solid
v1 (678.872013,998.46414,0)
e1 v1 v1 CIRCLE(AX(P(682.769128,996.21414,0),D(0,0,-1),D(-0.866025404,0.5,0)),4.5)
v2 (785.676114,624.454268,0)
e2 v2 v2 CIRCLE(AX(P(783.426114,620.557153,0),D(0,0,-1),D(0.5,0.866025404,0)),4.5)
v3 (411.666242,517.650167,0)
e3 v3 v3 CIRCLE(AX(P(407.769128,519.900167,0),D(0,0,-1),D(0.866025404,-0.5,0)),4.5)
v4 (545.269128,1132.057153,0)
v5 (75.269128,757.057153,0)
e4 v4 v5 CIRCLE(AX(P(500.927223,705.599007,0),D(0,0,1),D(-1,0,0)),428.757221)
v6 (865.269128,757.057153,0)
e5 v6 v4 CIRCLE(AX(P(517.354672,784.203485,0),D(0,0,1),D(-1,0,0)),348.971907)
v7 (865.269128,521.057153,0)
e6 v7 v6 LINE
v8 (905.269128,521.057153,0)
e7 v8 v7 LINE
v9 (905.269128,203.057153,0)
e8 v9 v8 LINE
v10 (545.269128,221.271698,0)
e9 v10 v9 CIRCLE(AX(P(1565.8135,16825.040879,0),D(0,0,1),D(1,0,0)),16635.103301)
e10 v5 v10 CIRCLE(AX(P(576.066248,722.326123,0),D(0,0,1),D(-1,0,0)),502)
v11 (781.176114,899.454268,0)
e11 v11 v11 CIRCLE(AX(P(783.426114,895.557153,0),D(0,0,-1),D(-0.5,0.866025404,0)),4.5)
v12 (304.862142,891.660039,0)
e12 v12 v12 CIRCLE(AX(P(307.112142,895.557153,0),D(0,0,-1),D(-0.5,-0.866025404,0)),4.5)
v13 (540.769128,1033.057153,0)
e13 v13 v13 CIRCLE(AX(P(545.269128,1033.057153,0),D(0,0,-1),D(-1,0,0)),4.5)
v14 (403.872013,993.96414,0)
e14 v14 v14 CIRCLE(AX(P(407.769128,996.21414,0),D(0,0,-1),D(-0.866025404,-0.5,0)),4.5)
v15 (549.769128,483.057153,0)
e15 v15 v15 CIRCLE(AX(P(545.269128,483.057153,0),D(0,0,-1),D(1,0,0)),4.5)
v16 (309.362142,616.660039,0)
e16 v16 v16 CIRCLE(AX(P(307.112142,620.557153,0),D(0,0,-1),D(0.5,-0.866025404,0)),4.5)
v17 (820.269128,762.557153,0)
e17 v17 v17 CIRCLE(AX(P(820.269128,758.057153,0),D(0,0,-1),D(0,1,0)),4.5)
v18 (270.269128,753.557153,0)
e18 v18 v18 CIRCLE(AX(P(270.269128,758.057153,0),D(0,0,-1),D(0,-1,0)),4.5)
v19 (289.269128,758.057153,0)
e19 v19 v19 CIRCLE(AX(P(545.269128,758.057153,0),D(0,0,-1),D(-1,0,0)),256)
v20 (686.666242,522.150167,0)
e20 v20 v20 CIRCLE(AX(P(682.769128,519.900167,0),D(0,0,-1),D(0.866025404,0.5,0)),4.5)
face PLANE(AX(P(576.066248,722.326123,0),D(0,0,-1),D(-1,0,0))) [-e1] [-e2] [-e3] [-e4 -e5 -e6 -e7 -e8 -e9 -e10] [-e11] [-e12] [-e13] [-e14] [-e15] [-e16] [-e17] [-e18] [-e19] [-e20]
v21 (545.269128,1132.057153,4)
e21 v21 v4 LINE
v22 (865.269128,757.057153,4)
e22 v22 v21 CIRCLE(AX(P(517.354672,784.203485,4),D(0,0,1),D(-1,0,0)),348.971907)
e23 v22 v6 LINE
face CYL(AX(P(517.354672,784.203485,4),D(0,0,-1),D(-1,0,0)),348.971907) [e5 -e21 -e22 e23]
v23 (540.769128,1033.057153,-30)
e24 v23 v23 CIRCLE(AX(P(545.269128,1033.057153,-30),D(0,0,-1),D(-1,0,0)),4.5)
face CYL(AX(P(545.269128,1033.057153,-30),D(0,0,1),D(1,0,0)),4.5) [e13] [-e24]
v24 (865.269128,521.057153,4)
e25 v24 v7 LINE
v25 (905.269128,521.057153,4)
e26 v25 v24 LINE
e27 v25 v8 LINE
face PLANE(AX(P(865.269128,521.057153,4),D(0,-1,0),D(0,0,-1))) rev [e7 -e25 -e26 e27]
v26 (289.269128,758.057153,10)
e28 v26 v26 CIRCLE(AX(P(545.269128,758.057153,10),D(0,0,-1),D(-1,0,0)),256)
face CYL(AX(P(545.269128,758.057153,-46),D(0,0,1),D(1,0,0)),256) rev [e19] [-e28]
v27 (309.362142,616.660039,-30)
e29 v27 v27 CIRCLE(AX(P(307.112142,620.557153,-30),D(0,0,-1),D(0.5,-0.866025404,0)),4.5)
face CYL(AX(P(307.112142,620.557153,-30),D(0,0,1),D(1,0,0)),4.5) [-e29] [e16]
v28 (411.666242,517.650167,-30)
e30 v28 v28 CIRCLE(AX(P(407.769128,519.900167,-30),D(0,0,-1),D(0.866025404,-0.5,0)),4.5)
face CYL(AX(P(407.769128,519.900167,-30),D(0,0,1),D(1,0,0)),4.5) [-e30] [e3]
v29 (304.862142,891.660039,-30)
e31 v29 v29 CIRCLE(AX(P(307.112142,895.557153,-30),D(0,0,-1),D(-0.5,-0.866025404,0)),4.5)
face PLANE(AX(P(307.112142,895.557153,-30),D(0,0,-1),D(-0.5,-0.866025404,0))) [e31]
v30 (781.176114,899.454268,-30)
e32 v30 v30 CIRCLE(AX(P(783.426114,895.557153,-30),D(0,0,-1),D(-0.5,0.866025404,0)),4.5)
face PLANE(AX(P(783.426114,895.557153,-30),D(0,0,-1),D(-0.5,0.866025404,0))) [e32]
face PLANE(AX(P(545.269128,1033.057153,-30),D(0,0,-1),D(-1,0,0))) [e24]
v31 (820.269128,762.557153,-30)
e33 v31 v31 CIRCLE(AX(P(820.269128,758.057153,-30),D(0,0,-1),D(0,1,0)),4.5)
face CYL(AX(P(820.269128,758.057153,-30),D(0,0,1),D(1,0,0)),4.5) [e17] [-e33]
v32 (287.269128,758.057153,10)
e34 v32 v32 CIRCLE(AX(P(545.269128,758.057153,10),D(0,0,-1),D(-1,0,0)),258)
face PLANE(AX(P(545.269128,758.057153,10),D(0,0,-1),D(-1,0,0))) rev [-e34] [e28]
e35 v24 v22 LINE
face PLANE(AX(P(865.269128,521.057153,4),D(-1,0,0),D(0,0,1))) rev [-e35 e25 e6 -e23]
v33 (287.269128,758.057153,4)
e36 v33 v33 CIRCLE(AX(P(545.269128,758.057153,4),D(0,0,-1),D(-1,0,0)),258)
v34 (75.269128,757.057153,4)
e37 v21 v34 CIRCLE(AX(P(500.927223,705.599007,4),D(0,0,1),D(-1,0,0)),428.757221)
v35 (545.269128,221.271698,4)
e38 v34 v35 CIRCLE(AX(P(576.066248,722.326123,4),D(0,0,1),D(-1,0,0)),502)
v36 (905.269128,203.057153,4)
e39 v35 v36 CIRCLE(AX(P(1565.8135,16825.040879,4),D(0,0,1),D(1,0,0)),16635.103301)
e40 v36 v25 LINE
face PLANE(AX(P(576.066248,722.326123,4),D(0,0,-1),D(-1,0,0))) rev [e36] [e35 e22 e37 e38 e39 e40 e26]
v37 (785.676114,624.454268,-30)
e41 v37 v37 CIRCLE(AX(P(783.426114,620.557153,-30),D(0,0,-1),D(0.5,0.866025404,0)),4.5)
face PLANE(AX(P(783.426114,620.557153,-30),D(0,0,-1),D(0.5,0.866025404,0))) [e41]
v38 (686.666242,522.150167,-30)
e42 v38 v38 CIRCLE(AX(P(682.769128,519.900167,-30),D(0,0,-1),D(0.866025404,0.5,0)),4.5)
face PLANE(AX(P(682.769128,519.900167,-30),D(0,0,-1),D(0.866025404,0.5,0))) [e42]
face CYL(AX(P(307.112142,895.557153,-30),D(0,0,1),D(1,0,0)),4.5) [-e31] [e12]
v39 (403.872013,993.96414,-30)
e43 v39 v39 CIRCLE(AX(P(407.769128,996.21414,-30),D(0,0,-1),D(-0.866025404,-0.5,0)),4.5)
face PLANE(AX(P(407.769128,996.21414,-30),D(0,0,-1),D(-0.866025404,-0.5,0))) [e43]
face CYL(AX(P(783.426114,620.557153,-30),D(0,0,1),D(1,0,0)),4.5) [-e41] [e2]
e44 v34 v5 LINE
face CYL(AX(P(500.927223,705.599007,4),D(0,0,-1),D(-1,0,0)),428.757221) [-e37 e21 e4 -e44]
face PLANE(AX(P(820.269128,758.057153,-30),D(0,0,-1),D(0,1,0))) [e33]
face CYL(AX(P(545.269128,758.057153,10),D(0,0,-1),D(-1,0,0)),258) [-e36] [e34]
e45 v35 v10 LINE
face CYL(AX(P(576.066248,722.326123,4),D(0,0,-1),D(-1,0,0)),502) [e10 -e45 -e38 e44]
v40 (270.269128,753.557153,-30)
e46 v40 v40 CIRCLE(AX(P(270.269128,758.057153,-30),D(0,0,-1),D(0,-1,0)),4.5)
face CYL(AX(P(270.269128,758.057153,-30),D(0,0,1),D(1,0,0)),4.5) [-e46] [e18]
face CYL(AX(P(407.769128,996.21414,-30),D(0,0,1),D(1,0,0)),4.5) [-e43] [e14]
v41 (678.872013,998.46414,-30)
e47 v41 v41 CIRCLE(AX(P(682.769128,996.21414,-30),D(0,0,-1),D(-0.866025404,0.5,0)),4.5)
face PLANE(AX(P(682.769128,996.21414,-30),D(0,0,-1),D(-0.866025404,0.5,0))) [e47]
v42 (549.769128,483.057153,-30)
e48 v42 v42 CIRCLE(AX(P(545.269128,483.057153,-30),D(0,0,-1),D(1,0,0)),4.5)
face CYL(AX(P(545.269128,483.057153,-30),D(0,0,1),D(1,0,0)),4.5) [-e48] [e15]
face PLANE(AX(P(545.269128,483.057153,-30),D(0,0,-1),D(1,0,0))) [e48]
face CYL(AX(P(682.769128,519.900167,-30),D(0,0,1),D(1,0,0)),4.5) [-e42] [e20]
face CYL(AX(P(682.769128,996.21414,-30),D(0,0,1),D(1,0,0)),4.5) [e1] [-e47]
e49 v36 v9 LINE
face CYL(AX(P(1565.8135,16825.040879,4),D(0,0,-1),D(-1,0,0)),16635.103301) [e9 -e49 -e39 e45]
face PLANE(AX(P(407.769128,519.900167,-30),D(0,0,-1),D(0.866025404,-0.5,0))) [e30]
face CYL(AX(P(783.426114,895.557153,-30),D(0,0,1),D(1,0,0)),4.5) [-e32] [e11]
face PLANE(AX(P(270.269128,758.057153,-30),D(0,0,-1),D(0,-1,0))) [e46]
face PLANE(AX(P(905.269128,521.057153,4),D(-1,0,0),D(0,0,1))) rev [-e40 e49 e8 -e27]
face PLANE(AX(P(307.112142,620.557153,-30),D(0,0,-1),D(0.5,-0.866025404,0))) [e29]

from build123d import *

# Parameters (mm, degrees)
BOSS_EXTRUDE1_DEPTH = 4
SKETCH2_R           = 256
CUT_EXTRUDE1_DEPTH  = 50
EXTRUDE_THIN1_START = -10
SKETCH3_R           = 258
SKETCH3_R_2         = 256
EXTRUDE_THIN1_DEPTH = 10
SKETCH4_R           = 4.5
BOSS_EXTRUDE2_DEPTH = 30
CIRPATTERN1_COUNT   = 12


with BuildPart() as part:
    # Sketch1 → Boss-Extrude1 (new body)
    with BuildSketch(Plane.XY):
        with BuildLine():
            Line((865.269127642, 521.057153497), (865.269127642, 757.057153497))
            ThreePointArc((865.269127642, 757.057153497), (782.812941082, 1010.7278743), (545.269127642, 1132.057153497))
            ThreePointArc((545.269127642, 1132.057153497), (233.519744905, 1040.749713195), (75.269127642, 757.057153497))
            ThreePointArc((75.269127642, 757.057153497), (198.687627947, 391.283260157), (545.269127642, 221.271697797))
            ThreePointArc((545.269127642, 221.271697797), (725.219790584, 211.189307063), (905.269127642, 203.057153497))
            Line((905.269127642, 203.057153497), (905.269127642, 521.057153497))
            Line((905.269127642, 521.057153497), (865.269127642, 521.057153497))
        make_face()
    extrude(amount=BOSS_EXTRUDE1_DEPTH)

    # Sketch2 → Cut-Extrude1 (cut)
    with BuildSketch(Plane.XY.offset(4)):
        with Locations((545.269127642, 758.057153497)):
            Circle(SKETCH2_R)
    extrude(amount=-CUT_EXTRUDE1_DEPTH, mode=Mode.SUBTRACT)

    # Sketch3 → Extrude-Thin1 (add)
    with BuildSketch(Plane(origin=(0, 0, 0), x_dir=(-1, 0, 0), z_dir=(0, 0, -1)).offset(EXTRUDE_THIN1_START)):
        with Locations((-545.269127642, 758.057153497)):
            Circle(SKETCH3_R)
        with Locations((-545.269127642, 758.057153497)):
            Circle(SKETCH3_R_2, mode=Mode.SUBTRACT)
    extrude(amount=EXTRUDE_THIN1_DEPTH)

    # Sketch4 → Boss-Extrude2 (add)
    with BuildSketch(Plane(origin=(0, 0, 0), x_dir=(-1, 0, 0), z_dir=(0, 0, -1))):
        with Locations((-545.269127642, 1033.057153497)):
            Circle(SKETCH4_R)
    boss_extrude2 = extrude(amount=BOSS_EXTRUDE2_DEPTH)

    # CirPattern1: Boss-Extrude2 ×12 about axis
    cirpattern1_axis = Axis((545.269127642, 758.057153497, 0), (0, 0, 1))
    for i in range(1, CIRPATTERN1_COUNT):
        add(boss_extrude2.rotate(cirpattern1_axis, i * 360 / CIRPATTERN1_COUNT))


solid = part.part
